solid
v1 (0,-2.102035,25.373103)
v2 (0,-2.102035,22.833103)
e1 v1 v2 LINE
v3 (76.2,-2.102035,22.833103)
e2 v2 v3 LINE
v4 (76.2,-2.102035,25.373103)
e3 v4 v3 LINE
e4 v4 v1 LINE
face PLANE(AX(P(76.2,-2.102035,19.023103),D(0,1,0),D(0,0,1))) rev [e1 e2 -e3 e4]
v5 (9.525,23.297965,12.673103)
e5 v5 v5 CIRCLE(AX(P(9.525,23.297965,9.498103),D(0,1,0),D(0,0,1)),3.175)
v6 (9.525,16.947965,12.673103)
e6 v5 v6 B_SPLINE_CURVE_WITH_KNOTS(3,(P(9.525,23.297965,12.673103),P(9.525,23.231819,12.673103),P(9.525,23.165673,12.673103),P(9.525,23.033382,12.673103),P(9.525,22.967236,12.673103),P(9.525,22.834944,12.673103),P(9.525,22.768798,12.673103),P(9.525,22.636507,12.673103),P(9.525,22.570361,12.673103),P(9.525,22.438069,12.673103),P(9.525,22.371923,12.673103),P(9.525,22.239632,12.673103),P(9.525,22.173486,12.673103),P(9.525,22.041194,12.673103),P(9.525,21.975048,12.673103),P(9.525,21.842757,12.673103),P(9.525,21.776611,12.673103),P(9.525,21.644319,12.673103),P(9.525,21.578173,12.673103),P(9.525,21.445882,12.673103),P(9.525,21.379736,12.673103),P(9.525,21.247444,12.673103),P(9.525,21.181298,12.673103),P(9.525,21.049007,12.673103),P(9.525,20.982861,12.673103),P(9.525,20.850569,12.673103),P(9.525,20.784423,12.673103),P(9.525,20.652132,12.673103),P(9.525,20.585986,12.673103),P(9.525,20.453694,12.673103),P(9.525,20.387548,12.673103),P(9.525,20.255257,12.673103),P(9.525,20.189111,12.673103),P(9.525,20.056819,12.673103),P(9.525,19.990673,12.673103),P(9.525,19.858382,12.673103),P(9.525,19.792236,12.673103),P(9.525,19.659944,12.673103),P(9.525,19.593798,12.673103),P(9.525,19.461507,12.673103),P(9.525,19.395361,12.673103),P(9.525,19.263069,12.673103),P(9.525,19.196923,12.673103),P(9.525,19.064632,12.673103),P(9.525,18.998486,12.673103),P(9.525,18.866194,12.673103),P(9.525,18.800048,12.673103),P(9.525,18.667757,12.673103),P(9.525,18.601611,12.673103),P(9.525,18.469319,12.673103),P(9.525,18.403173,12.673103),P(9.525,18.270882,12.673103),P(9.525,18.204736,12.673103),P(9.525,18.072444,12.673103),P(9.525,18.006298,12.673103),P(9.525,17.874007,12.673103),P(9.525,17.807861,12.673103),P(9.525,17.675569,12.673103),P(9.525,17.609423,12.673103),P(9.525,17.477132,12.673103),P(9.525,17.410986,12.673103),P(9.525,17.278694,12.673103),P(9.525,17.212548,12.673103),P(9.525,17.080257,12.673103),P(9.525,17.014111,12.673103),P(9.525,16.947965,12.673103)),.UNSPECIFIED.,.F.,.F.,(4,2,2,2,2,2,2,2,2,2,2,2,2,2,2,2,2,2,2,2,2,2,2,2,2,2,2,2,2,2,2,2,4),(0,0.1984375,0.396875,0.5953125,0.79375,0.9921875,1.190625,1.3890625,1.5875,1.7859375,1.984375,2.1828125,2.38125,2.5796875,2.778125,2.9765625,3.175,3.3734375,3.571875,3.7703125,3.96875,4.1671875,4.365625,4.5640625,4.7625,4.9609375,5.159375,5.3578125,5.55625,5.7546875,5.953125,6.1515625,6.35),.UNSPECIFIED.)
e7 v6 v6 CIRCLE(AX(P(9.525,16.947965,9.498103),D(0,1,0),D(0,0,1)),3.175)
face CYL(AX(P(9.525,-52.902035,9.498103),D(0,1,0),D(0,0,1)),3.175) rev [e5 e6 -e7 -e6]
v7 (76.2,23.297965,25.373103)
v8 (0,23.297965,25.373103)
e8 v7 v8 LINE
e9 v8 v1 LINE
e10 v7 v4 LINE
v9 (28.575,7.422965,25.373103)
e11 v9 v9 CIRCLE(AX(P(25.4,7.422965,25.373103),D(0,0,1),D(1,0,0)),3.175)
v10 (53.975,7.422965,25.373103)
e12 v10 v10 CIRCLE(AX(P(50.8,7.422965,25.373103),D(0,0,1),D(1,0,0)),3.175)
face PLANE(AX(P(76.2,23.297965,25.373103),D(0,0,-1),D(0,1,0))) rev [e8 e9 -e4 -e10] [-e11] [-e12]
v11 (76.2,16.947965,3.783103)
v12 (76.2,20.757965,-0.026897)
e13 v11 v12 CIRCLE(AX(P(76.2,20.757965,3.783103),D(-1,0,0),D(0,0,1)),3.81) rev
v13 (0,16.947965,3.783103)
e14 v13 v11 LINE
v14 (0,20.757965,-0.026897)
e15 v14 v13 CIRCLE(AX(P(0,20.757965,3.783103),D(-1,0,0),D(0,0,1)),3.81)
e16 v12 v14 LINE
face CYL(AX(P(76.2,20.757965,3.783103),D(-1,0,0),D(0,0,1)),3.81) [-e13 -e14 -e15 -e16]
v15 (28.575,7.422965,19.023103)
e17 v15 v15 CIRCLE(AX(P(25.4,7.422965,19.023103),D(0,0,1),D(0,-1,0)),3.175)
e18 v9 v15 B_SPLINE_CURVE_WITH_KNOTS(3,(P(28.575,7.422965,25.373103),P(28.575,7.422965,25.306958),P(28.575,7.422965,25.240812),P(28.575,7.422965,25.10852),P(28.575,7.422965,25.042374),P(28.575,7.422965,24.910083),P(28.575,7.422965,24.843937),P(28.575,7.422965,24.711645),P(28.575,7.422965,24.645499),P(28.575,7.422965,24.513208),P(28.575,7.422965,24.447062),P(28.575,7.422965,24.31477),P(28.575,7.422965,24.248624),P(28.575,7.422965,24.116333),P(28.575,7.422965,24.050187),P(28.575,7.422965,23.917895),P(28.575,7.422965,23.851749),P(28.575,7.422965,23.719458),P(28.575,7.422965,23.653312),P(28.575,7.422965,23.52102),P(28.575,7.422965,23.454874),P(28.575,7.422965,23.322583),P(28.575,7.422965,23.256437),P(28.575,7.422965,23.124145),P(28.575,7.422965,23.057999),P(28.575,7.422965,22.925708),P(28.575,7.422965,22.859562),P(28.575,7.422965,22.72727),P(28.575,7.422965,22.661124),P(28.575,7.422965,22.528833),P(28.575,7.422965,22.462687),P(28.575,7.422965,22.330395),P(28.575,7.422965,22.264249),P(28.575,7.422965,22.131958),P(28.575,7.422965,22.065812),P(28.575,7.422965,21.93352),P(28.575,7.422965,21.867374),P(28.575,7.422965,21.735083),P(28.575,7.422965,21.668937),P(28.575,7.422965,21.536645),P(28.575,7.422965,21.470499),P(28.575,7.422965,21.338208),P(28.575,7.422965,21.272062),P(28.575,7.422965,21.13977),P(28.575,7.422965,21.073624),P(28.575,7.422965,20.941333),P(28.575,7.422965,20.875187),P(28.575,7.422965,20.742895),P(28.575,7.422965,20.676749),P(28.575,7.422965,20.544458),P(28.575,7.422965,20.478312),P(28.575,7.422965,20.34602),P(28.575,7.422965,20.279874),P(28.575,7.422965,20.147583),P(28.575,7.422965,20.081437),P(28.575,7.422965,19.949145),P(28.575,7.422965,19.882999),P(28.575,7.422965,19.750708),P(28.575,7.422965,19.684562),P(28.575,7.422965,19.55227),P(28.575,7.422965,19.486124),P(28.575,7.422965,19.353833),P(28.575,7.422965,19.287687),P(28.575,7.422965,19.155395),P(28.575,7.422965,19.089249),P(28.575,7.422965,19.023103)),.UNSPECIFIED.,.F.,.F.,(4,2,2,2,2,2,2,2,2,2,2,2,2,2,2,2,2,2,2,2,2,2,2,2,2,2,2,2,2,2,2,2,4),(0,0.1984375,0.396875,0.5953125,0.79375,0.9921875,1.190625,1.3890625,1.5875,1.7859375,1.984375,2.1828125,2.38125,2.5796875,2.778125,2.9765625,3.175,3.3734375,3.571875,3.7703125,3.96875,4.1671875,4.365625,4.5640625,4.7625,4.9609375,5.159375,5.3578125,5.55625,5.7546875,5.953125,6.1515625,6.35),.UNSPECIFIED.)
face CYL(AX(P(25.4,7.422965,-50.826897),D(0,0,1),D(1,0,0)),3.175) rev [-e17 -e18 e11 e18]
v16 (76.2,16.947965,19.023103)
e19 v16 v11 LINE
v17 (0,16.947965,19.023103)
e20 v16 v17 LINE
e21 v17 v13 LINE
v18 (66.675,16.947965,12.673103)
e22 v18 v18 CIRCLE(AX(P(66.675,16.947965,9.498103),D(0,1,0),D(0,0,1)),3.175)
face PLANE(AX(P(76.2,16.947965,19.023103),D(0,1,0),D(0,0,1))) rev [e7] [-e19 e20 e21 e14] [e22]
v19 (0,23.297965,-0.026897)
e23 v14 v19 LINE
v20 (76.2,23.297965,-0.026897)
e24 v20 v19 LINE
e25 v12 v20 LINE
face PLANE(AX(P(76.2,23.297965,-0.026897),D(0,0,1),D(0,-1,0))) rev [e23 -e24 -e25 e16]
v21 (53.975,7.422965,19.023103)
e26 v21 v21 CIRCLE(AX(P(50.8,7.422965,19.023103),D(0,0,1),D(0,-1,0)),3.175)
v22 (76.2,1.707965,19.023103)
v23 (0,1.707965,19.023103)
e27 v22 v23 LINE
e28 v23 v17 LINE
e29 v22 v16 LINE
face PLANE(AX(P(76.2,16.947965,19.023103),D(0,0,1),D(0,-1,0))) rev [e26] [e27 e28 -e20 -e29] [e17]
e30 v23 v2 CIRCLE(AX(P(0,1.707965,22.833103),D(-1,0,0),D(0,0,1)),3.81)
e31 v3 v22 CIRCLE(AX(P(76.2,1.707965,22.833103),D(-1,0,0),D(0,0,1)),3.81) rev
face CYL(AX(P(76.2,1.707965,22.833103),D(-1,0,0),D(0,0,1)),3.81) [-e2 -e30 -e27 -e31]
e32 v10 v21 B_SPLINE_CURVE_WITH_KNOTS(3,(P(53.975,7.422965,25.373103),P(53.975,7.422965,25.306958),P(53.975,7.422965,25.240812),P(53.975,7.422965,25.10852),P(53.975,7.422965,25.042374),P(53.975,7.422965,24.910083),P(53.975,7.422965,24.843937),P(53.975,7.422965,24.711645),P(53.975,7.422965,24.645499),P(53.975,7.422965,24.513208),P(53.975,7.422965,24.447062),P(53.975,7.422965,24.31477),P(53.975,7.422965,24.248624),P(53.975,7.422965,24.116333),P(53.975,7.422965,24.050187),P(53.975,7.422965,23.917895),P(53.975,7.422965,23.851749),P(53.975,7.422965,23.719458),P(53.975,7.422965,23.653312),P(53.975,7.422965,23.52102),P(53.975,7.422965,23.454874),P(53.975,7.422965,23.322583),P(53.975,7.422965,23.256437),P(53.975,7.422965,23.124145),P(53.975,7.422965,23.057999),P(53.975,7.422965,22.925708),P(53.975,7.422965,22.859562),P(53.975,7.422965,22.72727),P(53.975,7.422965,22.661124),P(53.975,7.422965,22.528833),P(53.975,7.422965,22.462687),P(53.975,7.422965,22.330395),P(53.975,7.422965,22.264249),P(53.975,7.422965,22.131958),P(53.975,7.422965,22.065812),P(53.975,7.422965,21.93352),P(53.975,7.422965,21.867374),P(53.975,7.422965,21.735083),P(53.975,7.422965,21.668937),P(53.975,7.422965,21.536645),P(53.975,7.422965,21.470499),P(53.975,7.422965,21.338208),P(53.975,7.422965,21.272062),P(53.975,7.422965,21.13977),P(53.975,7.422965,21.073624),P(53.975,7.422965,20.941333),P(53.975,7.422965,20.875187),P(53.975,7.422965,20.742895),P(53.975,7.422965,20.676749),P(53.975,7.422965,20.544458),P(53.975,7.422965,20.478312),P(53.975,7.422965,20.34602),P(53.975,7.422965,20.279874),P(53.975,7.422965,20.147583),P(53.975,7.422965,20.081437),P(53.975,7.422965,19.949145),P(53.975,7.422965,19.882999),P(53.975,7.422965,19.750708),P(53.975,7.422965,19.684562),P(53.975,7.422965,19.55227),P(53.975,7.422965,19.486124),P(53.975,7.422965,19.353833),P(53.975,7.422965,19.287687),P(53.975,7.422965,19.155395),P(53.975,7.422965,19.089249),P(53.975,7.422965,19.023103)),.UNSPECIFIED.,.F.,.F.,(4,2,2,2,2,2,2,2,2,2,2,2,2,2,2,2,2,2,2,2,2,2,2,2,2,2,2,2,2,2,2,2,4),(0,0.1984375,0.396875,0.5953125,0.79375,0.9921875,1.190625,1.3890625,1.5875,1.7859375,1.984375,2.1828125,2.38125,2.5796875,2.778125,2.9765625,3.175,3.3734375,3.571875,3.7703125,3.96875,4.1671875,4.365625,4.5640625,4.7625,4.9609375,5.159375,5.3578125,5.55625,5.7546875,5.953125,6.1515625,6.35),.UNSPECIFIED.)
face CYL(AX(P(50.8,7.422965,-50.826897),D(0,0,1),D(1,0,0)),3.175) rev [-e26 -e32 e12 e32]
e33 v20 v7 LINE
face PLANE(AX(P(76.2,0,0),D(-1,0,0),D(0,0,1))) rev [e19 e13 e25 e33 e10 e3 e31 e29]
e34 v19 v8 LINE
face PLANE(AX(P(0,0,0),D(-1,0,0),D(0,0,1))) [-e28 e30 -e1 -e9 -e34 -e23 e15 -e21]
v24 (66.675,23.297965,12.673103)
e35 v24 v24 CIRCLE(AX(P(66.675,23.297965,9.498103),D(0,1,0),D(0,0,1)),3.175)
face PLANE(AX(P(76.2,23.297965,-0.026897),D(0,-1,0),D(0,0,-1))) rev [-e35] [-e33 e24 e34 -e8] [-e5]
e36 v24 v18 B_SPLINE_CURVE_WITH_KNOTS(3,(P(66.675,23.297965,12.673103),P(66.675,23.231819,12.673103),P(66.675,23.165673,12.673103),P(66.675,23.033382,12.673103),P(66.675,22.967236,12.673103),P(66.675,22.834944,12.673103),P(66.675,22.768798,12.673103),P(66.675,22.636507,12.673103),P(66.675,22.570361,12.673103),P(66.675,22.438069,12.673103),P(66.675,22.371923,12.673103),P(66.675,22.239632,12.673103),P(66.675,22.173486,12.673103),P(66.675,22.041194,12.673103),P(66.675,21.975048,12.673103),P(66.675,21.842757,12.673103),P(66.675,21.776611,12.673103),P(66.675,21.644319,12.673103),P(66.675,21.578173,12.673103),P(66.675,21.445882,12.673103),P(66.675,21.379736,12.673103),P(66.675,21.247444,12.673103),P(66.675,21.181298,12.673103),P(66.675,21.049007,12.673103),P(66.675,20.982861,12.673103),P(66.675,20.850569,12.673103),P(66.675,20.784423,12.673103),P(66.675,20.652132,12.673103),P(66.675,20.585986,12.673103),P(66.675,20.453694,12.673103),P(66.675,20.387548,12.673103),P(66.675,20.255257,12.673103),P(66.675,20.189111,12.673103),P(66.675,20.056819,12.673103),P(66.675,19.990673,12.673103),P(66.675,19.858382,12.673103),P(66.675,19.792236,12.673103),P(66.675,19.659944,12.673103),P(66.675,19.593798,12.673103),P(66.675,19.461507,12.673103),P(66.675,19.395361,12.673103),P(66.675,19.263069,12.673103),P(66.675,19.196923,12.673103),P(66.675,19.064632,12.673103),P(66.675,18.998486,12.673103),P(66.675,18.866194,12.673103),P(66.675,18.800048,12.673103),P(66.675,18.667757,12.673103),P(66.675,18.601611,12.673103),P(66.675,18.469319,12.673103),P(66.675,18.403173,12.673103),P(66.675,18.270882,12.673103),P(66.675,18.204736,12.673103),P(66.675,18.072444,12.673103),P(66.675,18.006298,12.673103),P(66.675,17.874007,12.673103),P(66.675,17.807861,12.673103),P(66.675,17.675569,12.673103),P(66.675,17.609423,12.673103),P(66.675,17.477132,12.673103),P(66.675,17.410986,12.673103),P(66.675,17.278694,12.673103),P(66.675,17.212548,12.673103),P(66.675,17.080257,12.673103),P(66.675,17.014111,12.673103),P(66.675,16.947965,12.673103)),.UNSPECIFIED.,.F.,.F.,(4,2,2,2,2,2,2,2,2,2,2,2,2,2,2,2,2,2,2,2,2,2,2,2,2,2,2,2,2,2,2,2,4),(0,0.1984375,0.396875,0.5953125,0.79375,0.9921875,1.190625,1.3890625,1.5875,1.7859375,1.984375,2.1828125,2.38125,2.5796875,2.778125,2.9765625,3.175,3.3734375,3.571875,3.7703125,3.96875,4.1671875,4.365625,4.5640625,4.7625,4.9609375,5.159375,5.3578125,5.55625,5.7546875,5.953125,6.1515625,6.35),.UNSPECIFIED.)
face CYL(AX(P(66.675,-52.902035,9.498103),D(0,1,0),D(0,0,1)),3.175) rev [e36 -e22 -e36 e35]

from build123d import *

# Parameters (mm, degrees)
BOSS_EXTRUDE1_DEPTH = 76.2
FILLET2_R           = 3.81
SKETCH2_R           = 3.175
CUT_EXTRUDE1_DEPTH  = 76.2
SKETCH3_R           = 3.175
CUT_EXTRUDE2_DEPTH  = 76.2


with BuildPart() as part:
    # Sketch1 → Boss-Extrude1 (new body)
    with BuildSketch(Plane(origin=(0, 0, 0), x_dir=(0, 0, -1), z_dir=(1, 0, 0))):
        Polygon((0.026896594, 23.297964889), (-25.373103406, 23.297964889), (-25.373103406, -2.102035111), (-19.023103406, -2.102035111), (-19.023103406, 16.947964889), (0.026896594, 16.947964889), align=None)
    extrude(amount=BOSS_EXTRUDE1_DEPTH)

    # Fillet2
    fillet2_edges = [part.edges().sort_by_distance(p)[0] for p in [
        (38.1, 16.947964889, -0.026896594),
        (38.1, -2.102035111, 19.023103406),
    ]]
    fillet(fillet2_edges, radius=FILLET2_R)

    # Sketch2 → Cut-Extrude1 (cut)
    with BuildSketch(Plane(origin=(0, 23.297964889, 0), x_dir=(1, 0, 0), z_dir=(0, 1, 0))):
        with Locations(Location((9.525, -9.498103406, 0), (0, 0, 270))):
            Circle(SKETCH2_R)
        with Locations(Location((66.675, -9.498103406, 0), (0, 0, 270))):
            Circle(SKETCH2_R)
    extrude(amount=-CUT_EXTRUDE1_DEPTH, mode=Mode.SUBTRACT)

    # Sketch3 → Cut-Extrude2 (cut)
    with BuildSketch(Plane.XY.offset(25.373103406)):
        with Locations((25.4, 7.422964889)):
            Circle(SKETCH3_R)
        with Locations((50.8, 7.422964889)):
            Circle(SKETCH3_R)
    extrude(amount=-CUT_EXTRUDE2_DEPTH, mode=Mode.SUBTRACT)


solid = part.part
